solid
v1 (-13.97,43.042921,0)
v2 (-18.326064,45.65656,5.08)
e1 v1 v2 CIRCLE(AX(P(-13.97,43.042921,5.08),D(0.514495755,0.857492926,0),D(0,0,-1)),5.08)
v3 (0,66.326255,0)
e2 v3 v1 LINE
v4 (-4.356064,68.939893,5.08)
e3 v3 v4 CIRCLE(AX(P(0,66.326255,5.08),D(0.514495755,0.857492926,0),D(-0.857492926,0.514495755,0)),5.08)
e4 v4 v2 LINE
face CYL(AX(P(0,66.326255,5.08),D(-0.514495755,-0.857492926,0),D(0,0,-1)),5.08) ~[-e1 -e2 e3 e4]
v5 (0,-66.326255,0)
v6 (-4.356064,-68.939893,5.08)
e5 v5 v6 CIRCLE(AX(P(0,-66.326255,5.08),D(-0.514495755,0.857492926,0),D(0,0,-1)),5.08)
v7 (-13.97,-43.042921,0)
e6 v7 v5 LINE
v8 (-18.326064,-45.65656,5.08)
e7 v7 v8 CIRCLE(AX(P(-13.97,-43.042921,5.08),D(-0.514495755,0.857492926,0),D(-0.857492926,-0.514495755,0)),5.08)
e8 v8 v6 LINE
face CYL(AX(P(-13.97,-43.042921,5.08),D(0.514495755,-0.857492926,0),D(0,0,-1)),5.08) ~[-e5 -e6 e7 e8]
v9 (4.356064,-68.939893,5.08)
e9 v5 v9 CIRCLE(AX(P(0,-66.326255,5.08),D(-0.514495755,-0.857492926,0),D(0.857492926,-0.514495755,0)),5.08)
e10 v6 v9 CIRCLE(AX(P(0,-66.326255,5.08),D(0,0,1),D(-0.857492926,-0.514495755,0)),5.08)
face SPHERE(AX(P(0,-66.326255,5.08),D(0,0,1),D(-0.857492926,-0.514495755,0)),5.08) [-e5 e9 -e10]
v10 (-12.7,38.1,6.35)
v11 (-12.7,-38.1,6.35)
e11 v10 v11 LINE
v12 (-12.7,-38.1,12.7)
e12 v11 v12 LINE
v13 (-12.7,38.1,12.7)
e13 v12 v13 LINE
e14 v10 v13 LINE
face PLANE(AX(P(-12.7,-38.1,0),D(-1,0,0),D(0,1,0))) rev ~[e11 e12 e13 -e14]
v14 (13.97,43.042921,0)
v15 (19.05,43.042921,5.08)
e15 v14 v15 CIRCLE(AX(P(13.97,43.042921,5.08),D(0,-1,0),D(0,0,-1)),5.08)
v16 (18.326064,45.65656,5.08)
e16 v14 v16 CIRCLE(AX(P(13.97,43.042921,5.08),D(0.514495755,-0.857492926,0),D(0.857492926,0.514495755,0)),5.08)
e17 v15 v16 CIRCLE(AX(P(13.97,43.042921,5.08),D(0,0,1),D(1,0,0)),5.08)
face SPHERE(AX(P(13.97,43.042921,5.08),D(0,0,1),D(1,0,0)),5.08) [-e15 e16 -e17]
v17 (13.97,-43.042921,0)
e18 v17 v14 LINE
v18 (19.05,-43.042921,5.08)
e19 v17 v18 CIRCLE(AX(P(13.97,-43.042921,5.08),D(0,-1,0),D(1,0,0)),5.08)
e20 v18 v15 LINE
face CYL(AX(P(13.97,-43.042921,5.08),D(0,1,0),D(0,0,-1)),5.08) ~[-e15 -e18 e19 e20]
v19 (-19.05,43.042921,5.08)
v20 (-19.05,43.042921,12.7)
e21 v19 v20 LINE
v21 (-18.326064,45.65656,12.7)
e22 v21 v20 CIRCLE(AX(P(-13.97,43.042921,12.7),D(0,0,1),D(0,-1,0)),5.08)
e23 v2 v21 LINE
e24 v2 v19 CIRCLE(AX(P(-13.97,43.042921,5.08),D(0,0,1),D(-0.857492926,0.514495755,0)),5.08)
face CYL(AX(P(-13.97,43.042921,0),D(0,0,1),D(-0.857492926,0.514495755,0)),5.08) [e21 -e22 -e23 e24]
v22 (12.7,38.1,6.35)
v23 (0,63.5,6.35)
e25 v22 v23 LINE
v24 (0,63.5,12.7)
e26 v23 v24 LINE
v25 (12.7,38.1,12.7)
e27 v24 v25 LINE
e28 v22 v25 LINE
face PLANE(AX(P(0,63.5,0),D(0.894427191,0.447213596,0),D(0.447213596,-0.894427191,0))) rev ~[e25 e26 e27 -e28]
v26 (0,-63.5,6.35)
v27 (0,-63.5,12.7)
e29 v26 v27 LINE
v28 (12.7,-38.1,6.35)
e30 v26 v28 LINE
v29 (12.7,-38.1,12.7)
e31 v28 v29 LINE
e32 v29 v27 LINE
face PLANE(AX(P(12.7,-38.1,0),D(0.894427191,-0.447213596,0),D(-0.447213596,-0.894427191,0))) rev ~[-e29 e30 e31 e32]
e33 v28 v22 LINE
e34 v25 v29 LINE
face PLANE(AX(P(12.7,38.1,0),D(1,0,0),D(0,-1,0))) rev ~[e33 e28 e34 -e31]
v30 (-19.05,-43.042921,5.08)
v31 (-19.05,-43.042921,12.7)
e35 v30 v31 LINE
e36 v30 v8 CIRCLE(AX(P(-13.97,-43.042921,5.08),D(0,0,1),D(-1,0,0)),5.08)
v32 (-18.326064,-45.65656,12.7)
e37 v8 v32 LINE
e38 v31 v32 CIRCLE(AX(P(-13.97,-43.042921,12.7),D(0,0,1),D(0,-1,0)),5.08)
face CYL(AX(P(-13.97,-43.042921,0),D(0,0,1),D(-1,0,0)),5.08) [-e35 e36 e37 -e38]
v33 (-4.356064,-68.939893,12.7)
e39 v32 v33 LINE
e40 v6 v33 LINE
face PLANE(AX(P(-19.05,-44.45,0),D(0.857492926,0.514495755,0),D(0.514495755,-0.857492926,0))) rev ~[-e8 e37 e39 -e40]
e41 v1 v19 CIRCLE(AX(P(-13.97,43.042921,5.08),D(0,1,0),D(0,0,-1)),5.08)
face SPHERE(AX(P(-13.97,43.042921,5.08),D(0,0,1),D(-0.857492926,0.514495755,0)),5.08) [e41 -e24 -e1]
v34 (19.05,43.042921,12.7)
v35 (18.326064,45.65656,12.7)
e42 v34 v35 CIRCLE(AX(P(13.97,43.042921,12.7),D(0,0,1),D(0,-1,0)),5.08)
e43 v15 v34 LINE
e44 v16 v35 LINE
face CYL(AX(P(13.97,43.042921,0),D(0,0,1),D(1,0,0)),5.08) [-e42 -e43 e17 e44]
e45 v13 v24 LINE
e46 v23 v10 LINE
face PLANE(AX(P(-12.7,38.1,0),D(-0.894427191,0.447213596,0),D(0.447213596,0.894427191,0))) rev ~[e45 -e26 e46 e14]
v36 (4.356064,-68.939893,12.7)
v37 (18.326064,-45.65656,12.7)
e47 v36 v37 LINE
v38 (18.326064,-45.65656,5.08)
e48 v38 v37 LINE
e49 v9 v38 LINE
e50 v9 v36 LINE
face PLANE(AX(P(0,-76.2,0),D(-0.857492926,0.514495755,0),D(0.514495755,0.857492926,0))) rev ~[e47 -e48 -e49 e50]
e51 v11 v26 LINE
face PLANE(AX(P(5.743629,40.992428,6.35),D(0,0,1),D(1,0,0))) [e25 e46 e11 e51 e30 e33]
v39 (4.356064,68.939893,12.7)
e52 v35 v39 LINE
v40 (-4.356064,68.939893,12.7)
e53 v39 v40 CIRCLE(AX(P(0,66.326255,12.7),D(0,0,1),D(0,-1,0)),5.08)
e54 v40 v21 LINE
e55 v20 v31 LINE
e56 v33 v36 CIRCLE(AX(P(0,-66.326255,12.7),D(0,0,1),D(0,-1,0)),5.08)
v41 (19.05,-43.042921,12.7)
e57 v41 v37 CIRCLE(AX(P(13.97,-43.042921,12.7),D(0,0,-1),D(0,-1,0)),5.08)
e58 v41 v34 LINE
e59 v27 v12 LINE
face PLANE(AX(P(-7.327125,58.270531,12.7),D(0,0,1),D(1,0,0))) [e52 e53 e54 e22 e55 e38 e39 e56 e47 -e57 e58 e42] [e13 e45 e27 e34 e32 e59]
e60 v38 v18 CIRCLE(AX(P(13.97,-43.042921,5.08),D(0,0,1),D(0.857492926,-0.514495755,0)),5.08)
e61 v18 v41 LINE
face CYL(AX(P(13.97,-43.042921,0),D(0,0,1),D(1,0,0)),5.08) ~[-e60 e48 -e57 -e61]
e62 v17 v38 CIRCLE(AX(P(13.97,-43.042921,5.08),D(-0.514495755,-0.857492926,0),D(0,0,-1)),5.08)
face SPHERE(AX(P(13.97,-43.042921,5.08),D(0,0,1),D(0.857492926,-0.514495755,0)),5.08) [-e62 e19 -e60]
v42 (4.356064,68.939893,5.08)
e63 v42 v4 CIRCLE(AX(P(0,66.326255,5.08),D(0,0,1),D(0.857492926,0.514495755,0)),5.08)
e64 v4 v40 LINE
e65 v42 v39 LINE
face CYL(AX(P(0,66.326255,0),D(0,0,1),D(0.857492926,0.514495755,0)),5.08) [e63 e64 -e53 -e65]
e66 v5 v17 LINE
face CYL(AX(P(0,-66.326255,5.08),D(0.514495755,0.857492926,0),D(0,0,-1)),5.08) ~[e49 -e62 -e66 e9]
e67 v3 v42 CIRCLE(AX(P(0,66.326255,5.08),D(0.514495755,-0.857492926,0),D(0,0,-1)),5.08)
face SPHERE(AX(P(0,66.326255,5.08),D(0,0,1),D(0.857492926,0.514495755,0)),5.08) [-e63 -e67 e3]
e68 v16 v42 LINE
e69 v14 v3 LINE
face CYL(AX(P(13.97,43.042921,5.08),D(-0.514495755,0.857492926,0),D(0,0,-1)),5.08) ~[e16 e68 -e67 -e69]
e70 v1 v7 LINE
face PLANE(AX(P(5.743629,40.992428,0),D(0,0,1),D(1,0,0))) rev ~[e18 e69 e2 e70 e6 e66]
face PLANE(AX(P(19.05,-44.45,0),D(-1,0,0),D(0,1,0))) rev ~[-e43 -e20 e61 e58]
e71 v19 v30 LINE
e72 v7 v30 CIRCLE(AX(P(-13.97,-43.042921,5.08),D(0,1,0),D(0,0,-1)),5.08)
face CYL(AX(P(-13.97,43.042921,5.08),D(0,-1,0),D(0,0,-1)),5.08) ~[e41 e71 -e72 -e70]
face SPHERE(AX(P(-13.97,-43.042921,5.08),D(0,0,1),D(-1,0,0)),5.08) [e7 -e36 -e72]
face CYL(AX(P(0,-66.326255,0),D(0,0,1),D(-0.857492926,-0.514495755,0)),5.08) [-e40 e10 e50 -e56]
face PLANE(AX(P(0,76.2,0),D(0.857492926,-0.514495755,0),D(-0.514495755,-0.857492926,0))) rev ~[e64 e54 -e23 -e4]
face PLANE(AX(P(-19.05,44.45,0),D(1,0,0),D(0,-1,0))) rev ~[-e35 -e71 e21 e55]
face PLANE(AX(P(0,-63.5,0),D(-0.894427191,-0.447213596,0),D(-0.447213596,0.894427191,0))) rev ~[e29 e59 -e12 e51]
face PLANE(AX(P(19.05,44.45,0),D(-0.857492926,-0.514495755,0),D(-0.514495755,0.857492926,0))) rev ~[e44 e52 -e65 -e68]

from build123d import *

# Parameters (mm, degrees)
F1_DEPTH = 12.7
F2_DEPTH = 6.35
F3_R     = 5.08
F4_R     = 5.08


with BuildPart() as f1:
    # F0 (on Top) → F1 (new body)
    with BuildSketch(Plane.XY):
        Polygon((-9.525, 44.45), (0, 63.5), (0, 76.2), (-19.05, 44.45), align=None)
        Polygon((0, 63.5), (9.525, 44.45), (19.05, 44.45), (0, 76.2), align=None)
        Polygon((9.525, 44.45), (12.7, 38.1), (12.7, -38.1), (9.525, -44.45), (19.05, -44.45), (19.05, 44.45), align=None)
        Polygon((-12.7, -38.1), (-12.7, 38.1), (-9.525, 44.45), (-19.05, 44.45), (-19.05, -44.45), (-9.525, -44.45), align=None)
        Polygon((0, -76.2), (0, -63.5), (-9.525, -44.45), (-19.05, -44.45), align=None)
        Polygon((19.05, -44.45), (9.525, -44.45), (0, -63.5), (0, -76.2), align=None)
    extrude(amount=F1_DEPTH)

    # F0 (on Top) → F2 (join)
    with BuildSketch(Plane.XY):
        Polygon((0, 38.1), (12.7, 38.1), (9.525, 44.45), (0, 44.45), align=None)
        Polygon((-12.7, 38.1), (0, 38.1), (0, 44.45), (-9.525, 44.45), align=None)
        Polygon((0, 44.45), (0, 63.5), (-9.525, 44.45), align=None)
        Polygon((0, 44.45), (9.525, 44.45), (0, 63.5), align=None)
        Polygon((12.7, -38.1), (12.7, 38.1), (0, 38.1), (-12.7, 38.1), (-12.7, -38.1), (0, -38.1), align=None)
        Polygon((0, -63.5), (9.525, -44.45), (0, -44.45), align=None)
        Polygon((-9.525, -44.45), (0, -63.5), (0, -44.45), align=None)
        Polygon((0, -44.45), (0, -38.1), (-12.7, -38.1), (-9.525, -44.45), align=None)
        Polygon((9.525, -44.45), (12.7, -38.1), (0, -38.1), (0, -44.45), align=None)
    extrude(amount=F2_DEPTH)

    # F3
    f3_edges = [f1.edges().sort_by_distance(p)[0] for p in [
        (19.05, -44.45, 6.35),
        (0, -76.2, 6.35),
        (-19.05, -44.45, 6.35),
        (-19.05, 44.45, 6.35),
        (0, 76.2, 6.35),
        (19.05, 44.45, 6.35),
    ]]
    fillet(f3_edges, radius=F3_R)

    # F4
    f4_edges = [f1.edges().sort_by_distance(p)[0] for p in [
        (-19.05, 0, 0),
    ]]
    fillet(f4_edges, radius=F4_R)


solid = f1.part
